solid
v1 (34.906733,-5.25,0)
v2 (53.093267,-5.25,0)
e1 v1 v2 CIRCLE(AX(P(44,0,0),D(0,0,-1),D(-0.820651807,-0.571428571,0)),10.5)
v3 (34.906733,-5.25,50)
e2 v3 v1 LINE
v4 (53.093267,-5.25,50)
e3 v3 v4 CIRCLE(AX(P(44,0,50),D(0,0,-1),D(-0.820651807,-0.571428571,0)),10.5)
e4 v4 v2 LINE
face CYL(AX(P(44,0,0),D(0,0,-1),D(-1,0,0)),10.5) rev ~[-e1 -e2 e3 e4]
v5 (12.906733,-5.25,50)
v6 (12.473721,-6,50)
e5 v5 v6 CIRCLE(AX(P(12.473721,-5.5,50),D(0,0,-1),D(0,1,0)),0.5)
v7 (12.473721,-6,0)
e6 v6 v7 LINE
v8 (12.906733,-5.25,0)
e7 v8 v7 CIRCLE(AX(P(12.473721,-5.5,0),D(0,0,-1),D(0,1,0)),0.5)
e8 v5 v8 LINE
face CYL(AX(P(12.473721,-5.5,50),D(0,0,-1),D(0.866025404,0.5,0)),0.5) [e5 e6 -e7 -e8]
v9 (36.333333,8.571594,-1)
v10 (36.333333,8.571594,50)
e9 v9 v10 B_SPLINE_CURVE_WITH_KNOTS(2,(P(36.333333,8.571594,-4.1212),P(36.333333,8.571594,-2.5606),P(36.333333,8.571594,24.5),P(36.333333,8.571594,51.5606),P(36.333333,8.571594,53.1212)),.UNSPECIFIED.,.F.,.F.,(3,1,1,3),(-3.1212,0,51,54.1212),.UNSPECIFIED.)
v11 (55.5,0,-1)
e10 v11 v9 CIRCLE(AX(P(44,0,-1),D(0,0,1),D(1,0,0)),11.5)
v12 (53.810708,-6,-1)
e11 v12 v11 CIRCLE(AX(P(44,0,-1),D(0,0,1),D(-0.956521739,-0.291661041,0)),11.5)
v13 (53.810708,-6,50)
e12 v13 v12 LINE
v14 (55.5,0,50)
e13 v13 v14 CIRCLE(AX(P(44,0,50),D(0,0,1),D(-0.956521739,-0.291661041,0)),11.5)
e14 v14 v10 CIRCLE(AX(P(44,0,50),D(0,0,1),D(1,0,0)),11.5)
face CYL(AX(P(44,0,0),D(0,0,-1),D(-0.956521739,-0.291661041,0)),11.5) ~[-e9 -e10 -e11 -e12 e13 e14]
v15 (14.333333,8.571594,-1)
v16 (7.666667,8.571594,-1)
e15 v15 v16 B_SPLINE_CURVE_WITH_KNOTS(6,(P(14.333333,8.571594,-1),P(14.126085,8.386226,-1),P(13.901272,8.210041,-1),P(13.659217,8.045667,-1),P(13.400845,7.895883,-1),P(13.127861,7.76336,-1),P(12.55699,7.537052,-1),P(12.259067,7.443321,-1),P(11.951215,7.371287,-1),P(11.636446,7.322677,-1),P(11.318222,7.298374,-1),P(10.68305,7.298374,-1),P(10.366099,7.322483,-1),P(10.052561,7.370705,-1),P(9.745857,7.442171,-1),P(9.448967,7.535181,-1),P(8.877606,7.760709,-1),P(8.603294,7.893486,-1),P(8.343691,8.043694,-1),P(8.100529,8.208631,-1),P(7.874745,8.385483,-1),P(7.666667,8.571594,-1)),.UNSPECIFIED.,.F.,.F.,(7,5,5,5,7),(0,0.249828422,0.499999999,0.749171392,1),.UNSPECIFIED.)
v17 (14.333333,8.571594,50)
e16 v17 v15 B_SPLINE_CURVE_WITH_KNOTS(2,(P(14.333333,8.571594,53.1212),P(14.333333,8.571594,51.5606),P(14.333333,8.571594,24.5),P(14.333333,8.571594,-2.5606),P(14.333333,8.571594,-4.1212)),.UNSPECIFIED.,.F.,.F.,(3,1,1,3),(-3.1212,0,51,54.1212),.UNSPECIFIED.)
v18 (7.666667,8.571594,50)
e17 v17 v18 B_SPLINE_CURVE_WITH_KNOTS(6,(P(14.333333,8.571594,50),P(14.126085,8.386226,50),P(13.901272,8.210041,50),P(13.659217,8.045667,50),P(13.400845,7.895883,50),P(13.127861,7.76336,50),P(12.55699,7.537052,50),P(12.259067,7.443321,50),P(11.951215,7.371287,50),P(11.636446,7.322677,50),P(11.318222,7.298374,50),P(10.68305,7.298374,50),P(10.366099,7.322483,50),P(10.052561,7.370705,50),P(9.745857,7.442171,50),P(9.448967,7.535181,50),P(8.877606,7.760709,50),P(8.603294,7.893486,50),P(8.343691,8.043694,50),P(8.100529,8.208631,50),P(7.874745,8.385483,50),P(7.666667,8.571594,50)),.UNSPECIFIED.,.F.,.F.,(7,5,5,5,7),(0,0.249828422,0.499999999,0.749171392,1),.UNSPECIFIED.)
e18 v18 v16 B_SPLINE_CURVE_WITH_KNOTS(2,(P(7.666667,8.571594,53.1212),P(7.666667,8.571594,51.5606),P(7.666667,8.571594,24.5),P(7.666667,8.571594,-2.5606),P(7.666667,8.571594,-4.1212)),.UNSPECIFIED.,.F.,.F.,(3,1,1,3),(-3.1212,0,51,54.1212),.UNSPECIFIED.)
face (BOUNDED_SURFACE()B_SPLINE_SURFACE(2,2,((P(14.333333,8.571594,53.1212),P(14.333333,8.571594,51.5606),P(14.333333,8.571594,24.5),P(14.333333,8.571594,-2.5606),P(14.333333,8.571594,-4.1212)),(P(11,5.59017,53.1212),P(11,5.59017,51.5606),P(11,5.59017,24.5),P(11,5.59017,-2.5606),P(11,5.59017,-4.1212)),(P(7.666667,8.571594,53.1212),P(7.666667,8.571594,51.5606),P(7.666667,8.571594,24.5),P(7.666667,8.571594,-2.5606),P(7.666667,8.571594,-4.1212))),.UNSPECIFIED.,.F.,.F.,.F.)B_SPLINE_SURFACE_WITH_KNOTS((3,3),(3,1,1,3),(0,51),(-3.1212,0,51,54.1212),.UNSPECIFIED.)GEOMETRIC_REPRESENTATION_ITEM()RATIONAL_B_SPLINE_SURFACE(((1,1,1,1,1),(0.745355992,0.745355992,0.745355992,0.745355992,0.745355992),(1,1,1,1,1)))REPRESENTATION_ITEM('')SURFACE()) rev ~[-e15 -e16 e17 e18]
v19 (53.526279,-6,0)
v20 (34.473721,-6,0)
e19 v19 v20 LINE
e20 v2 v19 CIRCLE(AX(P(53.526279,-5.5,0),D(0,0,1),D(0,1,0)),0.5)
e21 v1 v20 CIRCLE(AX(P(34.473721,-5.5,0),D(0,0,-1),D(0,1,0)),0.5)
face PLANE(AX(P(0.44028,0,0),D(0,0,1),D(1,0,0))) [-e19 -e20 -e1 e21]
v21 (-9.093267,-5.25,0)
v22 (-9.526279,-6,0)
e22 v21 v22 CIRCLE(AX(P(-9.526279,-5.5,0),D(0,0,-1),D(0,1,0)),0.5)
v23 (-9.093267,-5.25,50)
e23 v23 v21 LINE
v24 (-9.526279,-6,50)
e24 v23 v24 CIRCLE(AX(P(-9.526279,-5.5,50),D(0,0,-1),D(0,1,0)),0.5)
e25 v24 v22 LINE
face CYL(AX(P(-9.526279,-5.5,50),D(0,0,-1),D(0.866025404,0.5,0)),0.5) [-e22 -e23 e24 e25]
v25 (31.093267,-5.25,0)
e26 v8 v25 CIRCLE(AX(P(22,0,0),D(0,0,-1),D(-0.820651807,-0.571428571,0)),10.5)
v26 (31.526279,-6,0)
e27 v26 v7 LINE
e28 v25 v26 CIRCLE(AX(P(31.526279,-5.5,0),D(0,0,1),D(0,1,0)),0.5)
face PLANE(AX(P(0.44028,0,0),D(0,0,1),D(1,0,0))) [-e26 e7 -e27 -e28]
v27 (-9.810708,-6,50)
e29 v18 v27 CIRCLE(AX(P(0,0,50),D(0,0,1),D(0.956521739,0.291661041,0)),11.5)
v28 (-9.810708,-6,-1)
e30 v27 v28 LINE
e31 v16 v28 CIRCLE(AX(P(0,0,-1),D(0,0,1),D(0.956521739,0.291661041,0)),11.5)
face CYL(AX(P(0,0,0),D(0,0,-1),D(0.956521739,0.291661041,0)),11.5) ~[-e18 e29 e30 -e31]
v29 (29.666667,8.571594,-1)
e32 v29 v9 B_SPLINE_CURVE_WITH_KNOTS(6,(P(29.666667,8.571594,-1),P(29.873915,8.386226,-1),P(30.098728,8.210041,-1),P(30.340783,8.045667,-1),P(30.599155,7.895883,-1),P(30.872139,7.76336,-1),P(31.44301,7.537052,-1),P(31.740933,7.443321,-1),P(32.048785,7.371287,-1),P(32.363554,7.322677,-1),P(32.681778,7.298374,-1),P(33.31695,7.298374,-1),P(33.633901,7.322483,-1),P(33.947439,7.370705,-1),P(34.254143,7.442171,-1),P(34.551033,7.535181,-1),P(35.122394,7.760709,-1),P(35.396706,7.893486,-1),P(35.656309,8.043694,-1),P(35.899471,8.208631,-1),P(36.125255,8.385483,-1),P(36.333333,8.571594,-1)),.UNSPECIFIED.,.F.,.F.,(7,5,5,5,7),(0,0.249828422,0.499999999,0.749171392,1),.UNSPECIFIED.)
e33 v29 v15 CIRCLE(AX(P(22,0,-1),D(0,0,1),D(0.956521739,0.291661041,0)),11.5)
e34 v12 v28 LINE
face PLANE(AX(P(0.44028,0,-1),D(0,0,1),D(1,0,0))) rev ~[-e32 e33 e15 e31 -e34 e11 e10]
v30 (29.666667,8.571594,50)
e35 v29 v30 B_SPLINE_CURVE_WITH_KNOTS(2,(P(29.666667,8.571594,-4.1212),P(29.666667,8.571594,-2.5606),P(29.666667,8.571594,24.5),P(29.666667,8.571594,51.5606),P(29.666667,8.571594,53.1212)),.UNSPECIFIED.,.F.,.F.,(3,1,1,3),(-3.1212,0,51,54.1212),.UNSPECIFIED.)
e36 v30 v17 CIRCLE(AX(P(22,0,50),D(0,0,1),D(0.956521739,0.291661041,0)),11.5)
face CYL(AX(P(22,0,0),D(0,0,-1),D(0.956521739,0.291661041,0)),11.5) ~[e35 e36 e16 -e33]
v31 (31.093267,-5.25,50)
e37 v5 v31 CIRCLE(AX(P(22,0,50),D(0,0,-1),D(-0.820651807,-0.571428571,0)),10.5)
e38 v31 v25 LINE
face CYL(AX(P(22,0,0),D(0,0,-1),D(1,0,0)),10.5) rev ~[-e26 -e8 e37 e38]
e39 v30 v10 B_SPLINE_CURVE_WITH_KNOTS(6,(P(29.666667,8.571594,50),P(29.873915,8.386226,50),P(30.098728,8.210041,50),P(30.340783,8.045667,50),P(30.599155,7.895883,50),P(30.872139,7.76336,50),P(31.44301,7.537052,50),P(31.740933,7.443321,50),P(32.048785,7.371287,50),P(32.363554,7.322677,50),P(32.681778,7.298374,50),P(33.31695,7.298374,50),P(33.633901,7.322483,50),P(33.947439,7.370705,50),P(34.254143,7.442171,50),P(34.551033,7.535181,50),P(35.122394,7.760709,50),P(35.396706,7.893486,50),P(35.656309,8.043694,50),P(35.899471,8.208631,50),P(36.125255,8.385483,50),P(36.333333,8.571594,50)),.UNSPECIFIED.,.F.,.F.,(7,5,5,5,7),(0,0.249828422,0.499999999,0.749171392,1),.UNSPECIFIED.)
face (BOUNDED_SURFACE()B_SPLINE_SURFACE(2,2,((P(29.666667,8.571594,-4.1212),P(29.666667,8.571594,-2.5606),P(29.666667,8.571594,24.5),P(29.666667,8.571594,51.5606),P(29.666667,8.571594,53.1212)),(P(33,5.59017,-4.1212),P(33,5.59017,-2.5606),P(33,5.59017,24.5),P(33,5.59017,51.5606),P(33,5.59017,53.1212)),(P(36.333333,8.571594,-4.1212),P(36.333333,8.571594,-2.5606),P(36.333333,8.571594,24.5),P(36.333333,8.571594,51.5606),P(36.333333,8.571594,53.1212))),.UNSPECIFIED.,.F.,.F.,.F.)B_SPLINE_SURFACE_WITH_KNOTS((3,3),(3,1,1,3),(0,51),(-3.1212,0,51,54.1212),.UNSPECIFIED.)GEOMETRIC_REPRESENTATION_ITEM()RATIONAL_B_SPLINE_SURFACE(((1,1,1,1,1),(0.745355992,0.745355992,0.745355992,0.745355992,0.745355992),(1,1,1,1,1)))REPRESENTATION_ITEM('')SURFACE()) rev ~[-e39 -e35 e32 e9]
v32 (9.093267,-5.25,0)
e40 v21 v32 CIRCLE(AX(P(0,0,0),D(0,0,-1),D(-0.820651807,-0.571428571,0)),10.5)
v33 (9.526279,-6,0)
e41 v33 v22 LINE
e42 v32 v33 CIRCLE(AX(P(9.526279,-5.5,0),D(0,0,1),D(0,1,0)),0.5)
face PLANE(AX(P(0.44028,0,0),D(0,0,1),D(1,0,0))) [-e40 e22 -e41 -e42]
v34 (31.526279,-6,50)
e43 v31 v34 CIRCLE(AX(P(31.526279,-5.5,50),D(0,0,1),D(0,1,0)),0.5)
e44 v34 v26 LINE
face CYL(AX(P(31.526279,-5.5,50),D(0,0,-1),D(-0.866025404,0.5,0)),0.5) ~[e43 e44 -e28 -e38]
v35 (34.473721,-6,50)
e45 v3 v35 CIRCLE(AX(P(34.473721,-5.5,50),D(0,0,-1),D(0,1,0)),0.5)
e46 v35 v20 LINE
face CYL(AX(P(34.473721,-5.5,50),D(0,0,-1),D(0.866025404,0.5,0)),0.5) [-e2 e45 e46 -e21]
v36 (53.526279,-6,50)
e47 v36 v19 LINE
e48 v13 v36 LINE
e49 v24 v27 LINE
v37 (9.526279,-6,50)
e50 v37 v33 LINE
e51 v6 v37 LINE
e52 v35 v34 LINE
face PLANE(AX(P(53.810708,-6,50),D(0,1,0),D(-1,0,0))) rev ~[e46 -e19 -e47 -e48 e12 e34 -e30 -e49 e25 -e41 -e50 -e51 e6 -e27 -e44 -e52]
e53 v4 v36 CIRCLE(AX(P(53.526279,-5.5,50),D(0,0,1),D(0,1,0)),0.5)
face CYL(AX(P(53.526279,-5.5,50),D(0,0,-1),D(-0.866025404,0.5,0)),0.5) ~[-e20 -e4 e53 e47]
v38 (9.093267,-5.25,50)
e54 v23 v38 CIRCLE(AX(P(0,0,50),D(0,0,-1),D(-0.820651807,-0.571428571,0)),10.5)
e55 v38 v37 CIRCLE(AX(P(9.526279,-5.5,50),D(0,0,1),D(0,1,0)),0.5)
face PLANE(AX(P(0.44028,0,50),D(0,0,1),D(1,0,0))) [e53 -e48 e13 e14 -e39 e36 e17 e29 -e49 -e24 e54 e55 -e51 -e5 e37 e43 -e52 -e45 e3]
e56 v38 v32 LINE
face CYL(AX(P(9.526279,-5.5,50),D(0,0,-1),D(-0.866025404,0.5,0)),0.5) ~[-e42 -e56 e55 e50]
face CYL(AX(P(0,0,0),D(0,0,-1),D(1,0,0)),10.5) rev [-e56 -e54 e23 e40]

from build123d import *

# Parameters (mm, degrees)
F0_R     = 10.5
F1_DEPTH = 1
F2_DEPTH = 50
F3_R     = 5
F5_DEPTH = 51
F6_R     = 0.5


with BuildPart() as f1:
    # F0 (on Top) → F1 (new body)
    with BuildSketch(Plane.XY):
        with BuildLine():
            ThreePointArc((11, -3.3541019662), (10.6256868339, -1.6955824958), (10.5, 0))
            ThreePointArc((10.5, 0), (10.6256868339, 1.6955824958), (11, 3.3541019662))
            ThreePointArc((11, 3.3541019662), (-11.5, 0), (11, -3.3541019662))
        make_face()
        Circle(F0_R, mode=Mode.SUBTRACT)
        with BuildLine():
            ThreePointArc((55.5, 0), (45.6955824958, 11.3743131661), (33, 3.3541019662))
            ThreePointArc((33, 3.3541019662), (33.3743131661, 1.6955824958), (33.5, 0))
            ThreePointArc((33.5, 0), (33.3743131661, -1.6955824958), (33, -3.3541019662))
            ThreePointArc((33, -3.3541019662), (45.6955824958, -11.3743131661), (55.5, 0))
        make_face()
        with BuildLine():
            ThreePointArc((54.5, 0), (44, -10.5), (33.5, 0))
            ThreePointArc((33.5, 0), (44, 10.5), (54.5, 0))
        make_face(mode=Mode.SUBTRACT)
        Circle(F0_R)
        with BuildLine():
            ThreePointArc((32.5, 0), (22, 10.5), (11.5, 0))
            ThreePointArc((11.5, 0), (22, -10.5), (32.5, 0))
        make_face()
        with BuildLine():
            ThreePointArc((54.5, 0), (44, 10.5), (33.5, 0))
            ThreePointArc((33.5, 0), (44, -10.5), (54.5, 0))
        make_face()
        with BuildLine():
            ThreePointArc((33, 3.3541019662), (22, 11.5), (11, 3.3541019662))
            ThreePointArc((11, 3.3541019662), (11.3743131661, 1.6955824958), (11.5, 0))
            ThreePointArc((11.5, 0), (22, 10.5), (32.5, 0))
            ThreePointArc((32.5, 0), (32.6256868339, 1.6955824958), (33, 3.3541019662))
        make_face()
        with BuildLine():
            ThreePointArc((11.5, 0), (11.3743131661, -1.6955824958), (11, -3.3541019662))
            ThreePointArc((11, -3.3541019662), (22, -11.5), (33, -3.3541019662))
            ThreePointArc((33, -3.3541019662), (32.6256868339, -1.6955824958), (32.5, 0))
            ThreePointArc((32.5, 0), (22, -10.5), (11.5, 0))
        make_face()
        with BuildLine():
            ThreePointArc((11, 3.3541019662), (10.6256868339, 1.6955824958), (10.5, 0))
            ThreePointArc((10.5, 0), (10.6256868339, -1.6955824958), (11, -3.3541019662))
            ThreePointArc((11, -3.3541019662), (11.3743131661, -1.6955824958), (11.5, 0))
            ThreePointArc((11.5, 0), (11.3743131661, 1.6955824958), (11, 3.3541019662))
        make_face()
        with BuildLine():
            ThreePointArc((33.5, 0), (33.3743131661, 1.6955824958), (33, 3.3541019662))
            ThreePointArc((33, 3.3541019662), (32.6256868339, 1.6955824958), (32.5, 0))
            ThreePointArc((32.5, 0), (32.6256868339, -1.6955824958), (33, -3.3541019662))
            ThreePointArc((33, -3.3541019662), (33.3743131661, -1.6955824958), (33.5, 0))
        make_face()
    extrude(amount=-F1_DEPTH)

    # F0 (on Top) → F2 (join)
    with BuildSketch(Plane.XY):
        with BuildLine():
            ThreePointArc((11, -3.3541019662), (10.6256868339, -1.6955824958), (10.5, 0))
            ThreePointArc((10.5, 0), (10.6256868339, 1.6955824958), (11, 3.3541019662))
            ThreePointArc((11, 3.3541019662), (-11.5, 0), (11, -3.3541019662))
        make_face()
        Circle(F0_R, mode=Mode.SUBTRACT)
        with BuildLine():
            ThreePointArc((11, 3.3541019662), (10.6256868339, 1.6955824958), (10.5, 0))
            ThreePointArc((10.5, 0), (10.6256868339, -1.6955824958), (11, -3.3541019662))
            ThreePointArc((11, -3.3541019662), (11.3743131661, -1.6955824958), (11.5, 0))
            ThreePointArc((11.5, 0), (11.3743131661, 1.6955824958), (11, 3.3541019662))
        make_face()
        with BuildLine():
            ThreePointArc((33, 3.3541019662), (22, 11.5), (11, 3.3541019662))
            ThreePointArc((11, 3.3541019662), (11.3743131661, 1.6955824958), (11.5, 0))
            ThreePointArc((11.5, 0), (22, 10.5), (32.5, 0))
            ThreePointArc((32.5, 0), (32.6256868339, 1.6955824958), (33, 3.3541019662))
        make_face()
        with BuildLine():
            ThreePointArc((11.5, 0), (11.3743131661, -1.6955824958), (11, -3.3541019662))
            ThreePointArc((11, -3.3541019662), (22, -11.5), (33, -3.3541019662))
            ThreePointArc((33, -3.3541019662), (32.6256868339, -1.6955824958), (32.5, 0))
            ThreePointArc((32.5, 0), (22, -10.5), (11.5, 0))
        make_face()
        with BuildLine():
            ThreePointArc((33.5, 0), (33.3743131661, 1.6955824958), (33, 3.3541019662))
            ThreePointArc((33, 3.3541019662), (32.6256868339, 1.6955824958), (32.5, 0))
            ThreePointArc((32.5, 0), (32.6256868339, -1.6955824958), (33, -3.3541019662))
            ThreePointArc((33, -3.3541019662), (33.3743131661, -1.6955824958), (33.5, 0))
        make_face()
        with BuildLine():
            ThreePointArc((55.5, 0), (45.6955824958, 11.3743131661), (33, 3.3541019662))
            ThreePointArc((33, 3.3541019662), (33.3743131661, 1.6955824958), (33.5, 0))
            ThreePointArc((33.5, 0), (33.3743131661, -1.6955824958), (33, -3.3541019662))
            ThreePointArc((33, -3.3541019662), (45.6955824958, -11.3743131661), (55.5, 0))
        make_face()
        with BuildLine():
            ThreePointArc((54.5, 0), (44, -10.5), (33.5, 0))
            ThreePointArc((33.5, 0), (44, 10.5), (54.5, 0))
        make_face(mode=Mode.SUBTRACT)
    extrude(amount=F2_DEPTH)

    # F3
    f3_edges = [f1.edges().sort_by_distance(p)[0] for p in [
        (11, 3.354102, 24.5),
        (33, 3.354102, 24.5),
        (11, -3.354102, 24.5),
        (33, -3.354102, 24.5),
    ]]
    fillet(f3_edges, radius=F3_R)

    # F4 (on face) → F5 (cut, through all)
    with BuildSketch(Plane.XY.offset(50)):
        with BuildLine():
            Line((-8.6168439698, -6), (-9.8107084352, -6))
            ThreePointArc((-9.8107084352, -6), (-1.674067678, -11.3774996115), (7.6666666667, -8.5715939137))
            add(Edge.make_bspline(
                [(7.6666666667, -8.5715939137), (7.8739148264, -8.3862255244), (8.0987281428, -8.2100412723), (8.3407825678, -8.0456674851), (8.5991550728, -7.8958830707), (8.8721389341, -7.7633595184), (9.4430101632, -7.5370516436), (9.7409333736, -7.4433205753), (10.0487851549, -7.3712866338), (10.3635540468, -7.3226772778), (10.6817776263, -7.2983738762), (11.3169501229, -7.2983738762), (11.6339014321, -7.3224833437), (11.9474393092, -7.3707047572), (12.2541428107, -7.4421708702), (12.5510327606, -7.5351814239), (13.1223942737, -7.760709488), (13.3967057595, -7.8934858401), (13.6563094067, -8.0436938162), (13.8994714876, -8.2086307147), (14.1252554599, -8.3854834059), (14.3333333333, -8.5715939137)],
                knots=[0, 0, 0, 0, 0, 0, 0, 0.2498284224, 0.2498284224, 0.2498284224, 0.2498284224, 0.2498284224, 0.4999999993, 0.4999999993, 0.4999999993, 0.4999999993, 0.4999999993, 0.749171392, 0.749171392, 0.749171392, 0.749171392, 0.749171392, 1, 1, 1, 1, 1, 1, 1], degree=6))
            ThreePointArc((14.3333333333, -8.5715939137), (22, -11.5), (29.6666666667, -8.5715939137))
            add(Edge.make_bspline(
                [(36.3333333333, -8.5715939137), (36.1260851736, -8.3862255244), (35.9012718572, -8.2100412723), (35.6592174322, -8.0456674851), (35.4008449272, -7.8958830707), (35.1278610659, -7.7633595184), (34.5569898368, -7.5370516436), (34.2590666264, -7.4433205753), (33.9512148451, -7.3712866338), (33.6364459532, -7.3226772778), (33.3182223737, -7.2983738762), (32.6830498771, -7.2983738762), (32.3660985679, -7.3224833437), (32.0525606908, -7.3707047572), (31.7458571893, -7.4421708702), (31.4489672394, -7.5351814239), (30.8776057263, -7.760709488), (30.6032942405, -7.8934858401), (30.3436905933, -8.0436938162), (30.1005285124, -8.2086307147), (29.8747445401, -8.3854834059), (29.6666666667, -8.5715939137)],
                knots=[0, 0, 0, 0, 0, 0, 0, 0.2498284224, 0.2498284224, 0.2498284224, 0.2498284224, 0.2498284224, 0.4999999993, 0.4999999993, 0.4999999993, 0.4999999993, 0.4999999993, 0.749171392, 0.749171392, 0.749171392, 0.749171392, 0.749171392, 1, 1, 1, 1, 1, 1, 1], degree=6))
            ThreePointArc((36.3333333333, -8.5715939137), (45.674067678, -11.3774996115), (53.8107084352, -6))
            Line((53.8107084352, -6), (52.6168439698, -6))
            ThreePointArc((52.6168439698, -6), (44, -10.5), (35.3831560302, -6))
            Line((35.3831560302, -6), (30.6168439698, -6))
            ThreePointArc((30.6168439698, -6), (22, -10.5), (13.3831560302, -6))
            Line((13.3831560302, -6), (8.6168439698, -6))
            ThreePointArc((8.6168439698, -6), (0, -10.5), (-8.6168439698, -6))
        make_face()
        with BuildLine():
            Line((8.6168439698, -6), (-8.6168439698, -6))
            ThreePointArc((-8.6168439698, -6), (0, -10.5), (8.6168439698, -6))
        make_face()
        with BuildLine():
            Line((30.6168439698, -6), (13.3831560302, -6))
            ThreePointArc((13.3831560302, -6), (22, -10.5), (30.6168439698, -6))
        make_face()
        with BuildLine():
            ThreePointArc((35.3831560302, -6), (44, -10.5), (52.6168439698, -6))
            Line((52.6168439698, -6), (35.3831560302, -6))
        make_face()
    extrude(amount=-F5_DEPTH, mode=Mode.SUBTRACT)

    # F6
    f6_edges = [f1.edges().sort_by_distance(p)[0] for p in [
        (-8.616844, -6, 25),
        (8.616844, -6, 25),
        (13.383156, -6, 25),
        (30.616844, -6, 25),
        (35.383156, -6, 25),
        (52.616844, -6, 25),
    ]]
    fillet(f6_edges, radius=F6_R)


solid = f1.part
